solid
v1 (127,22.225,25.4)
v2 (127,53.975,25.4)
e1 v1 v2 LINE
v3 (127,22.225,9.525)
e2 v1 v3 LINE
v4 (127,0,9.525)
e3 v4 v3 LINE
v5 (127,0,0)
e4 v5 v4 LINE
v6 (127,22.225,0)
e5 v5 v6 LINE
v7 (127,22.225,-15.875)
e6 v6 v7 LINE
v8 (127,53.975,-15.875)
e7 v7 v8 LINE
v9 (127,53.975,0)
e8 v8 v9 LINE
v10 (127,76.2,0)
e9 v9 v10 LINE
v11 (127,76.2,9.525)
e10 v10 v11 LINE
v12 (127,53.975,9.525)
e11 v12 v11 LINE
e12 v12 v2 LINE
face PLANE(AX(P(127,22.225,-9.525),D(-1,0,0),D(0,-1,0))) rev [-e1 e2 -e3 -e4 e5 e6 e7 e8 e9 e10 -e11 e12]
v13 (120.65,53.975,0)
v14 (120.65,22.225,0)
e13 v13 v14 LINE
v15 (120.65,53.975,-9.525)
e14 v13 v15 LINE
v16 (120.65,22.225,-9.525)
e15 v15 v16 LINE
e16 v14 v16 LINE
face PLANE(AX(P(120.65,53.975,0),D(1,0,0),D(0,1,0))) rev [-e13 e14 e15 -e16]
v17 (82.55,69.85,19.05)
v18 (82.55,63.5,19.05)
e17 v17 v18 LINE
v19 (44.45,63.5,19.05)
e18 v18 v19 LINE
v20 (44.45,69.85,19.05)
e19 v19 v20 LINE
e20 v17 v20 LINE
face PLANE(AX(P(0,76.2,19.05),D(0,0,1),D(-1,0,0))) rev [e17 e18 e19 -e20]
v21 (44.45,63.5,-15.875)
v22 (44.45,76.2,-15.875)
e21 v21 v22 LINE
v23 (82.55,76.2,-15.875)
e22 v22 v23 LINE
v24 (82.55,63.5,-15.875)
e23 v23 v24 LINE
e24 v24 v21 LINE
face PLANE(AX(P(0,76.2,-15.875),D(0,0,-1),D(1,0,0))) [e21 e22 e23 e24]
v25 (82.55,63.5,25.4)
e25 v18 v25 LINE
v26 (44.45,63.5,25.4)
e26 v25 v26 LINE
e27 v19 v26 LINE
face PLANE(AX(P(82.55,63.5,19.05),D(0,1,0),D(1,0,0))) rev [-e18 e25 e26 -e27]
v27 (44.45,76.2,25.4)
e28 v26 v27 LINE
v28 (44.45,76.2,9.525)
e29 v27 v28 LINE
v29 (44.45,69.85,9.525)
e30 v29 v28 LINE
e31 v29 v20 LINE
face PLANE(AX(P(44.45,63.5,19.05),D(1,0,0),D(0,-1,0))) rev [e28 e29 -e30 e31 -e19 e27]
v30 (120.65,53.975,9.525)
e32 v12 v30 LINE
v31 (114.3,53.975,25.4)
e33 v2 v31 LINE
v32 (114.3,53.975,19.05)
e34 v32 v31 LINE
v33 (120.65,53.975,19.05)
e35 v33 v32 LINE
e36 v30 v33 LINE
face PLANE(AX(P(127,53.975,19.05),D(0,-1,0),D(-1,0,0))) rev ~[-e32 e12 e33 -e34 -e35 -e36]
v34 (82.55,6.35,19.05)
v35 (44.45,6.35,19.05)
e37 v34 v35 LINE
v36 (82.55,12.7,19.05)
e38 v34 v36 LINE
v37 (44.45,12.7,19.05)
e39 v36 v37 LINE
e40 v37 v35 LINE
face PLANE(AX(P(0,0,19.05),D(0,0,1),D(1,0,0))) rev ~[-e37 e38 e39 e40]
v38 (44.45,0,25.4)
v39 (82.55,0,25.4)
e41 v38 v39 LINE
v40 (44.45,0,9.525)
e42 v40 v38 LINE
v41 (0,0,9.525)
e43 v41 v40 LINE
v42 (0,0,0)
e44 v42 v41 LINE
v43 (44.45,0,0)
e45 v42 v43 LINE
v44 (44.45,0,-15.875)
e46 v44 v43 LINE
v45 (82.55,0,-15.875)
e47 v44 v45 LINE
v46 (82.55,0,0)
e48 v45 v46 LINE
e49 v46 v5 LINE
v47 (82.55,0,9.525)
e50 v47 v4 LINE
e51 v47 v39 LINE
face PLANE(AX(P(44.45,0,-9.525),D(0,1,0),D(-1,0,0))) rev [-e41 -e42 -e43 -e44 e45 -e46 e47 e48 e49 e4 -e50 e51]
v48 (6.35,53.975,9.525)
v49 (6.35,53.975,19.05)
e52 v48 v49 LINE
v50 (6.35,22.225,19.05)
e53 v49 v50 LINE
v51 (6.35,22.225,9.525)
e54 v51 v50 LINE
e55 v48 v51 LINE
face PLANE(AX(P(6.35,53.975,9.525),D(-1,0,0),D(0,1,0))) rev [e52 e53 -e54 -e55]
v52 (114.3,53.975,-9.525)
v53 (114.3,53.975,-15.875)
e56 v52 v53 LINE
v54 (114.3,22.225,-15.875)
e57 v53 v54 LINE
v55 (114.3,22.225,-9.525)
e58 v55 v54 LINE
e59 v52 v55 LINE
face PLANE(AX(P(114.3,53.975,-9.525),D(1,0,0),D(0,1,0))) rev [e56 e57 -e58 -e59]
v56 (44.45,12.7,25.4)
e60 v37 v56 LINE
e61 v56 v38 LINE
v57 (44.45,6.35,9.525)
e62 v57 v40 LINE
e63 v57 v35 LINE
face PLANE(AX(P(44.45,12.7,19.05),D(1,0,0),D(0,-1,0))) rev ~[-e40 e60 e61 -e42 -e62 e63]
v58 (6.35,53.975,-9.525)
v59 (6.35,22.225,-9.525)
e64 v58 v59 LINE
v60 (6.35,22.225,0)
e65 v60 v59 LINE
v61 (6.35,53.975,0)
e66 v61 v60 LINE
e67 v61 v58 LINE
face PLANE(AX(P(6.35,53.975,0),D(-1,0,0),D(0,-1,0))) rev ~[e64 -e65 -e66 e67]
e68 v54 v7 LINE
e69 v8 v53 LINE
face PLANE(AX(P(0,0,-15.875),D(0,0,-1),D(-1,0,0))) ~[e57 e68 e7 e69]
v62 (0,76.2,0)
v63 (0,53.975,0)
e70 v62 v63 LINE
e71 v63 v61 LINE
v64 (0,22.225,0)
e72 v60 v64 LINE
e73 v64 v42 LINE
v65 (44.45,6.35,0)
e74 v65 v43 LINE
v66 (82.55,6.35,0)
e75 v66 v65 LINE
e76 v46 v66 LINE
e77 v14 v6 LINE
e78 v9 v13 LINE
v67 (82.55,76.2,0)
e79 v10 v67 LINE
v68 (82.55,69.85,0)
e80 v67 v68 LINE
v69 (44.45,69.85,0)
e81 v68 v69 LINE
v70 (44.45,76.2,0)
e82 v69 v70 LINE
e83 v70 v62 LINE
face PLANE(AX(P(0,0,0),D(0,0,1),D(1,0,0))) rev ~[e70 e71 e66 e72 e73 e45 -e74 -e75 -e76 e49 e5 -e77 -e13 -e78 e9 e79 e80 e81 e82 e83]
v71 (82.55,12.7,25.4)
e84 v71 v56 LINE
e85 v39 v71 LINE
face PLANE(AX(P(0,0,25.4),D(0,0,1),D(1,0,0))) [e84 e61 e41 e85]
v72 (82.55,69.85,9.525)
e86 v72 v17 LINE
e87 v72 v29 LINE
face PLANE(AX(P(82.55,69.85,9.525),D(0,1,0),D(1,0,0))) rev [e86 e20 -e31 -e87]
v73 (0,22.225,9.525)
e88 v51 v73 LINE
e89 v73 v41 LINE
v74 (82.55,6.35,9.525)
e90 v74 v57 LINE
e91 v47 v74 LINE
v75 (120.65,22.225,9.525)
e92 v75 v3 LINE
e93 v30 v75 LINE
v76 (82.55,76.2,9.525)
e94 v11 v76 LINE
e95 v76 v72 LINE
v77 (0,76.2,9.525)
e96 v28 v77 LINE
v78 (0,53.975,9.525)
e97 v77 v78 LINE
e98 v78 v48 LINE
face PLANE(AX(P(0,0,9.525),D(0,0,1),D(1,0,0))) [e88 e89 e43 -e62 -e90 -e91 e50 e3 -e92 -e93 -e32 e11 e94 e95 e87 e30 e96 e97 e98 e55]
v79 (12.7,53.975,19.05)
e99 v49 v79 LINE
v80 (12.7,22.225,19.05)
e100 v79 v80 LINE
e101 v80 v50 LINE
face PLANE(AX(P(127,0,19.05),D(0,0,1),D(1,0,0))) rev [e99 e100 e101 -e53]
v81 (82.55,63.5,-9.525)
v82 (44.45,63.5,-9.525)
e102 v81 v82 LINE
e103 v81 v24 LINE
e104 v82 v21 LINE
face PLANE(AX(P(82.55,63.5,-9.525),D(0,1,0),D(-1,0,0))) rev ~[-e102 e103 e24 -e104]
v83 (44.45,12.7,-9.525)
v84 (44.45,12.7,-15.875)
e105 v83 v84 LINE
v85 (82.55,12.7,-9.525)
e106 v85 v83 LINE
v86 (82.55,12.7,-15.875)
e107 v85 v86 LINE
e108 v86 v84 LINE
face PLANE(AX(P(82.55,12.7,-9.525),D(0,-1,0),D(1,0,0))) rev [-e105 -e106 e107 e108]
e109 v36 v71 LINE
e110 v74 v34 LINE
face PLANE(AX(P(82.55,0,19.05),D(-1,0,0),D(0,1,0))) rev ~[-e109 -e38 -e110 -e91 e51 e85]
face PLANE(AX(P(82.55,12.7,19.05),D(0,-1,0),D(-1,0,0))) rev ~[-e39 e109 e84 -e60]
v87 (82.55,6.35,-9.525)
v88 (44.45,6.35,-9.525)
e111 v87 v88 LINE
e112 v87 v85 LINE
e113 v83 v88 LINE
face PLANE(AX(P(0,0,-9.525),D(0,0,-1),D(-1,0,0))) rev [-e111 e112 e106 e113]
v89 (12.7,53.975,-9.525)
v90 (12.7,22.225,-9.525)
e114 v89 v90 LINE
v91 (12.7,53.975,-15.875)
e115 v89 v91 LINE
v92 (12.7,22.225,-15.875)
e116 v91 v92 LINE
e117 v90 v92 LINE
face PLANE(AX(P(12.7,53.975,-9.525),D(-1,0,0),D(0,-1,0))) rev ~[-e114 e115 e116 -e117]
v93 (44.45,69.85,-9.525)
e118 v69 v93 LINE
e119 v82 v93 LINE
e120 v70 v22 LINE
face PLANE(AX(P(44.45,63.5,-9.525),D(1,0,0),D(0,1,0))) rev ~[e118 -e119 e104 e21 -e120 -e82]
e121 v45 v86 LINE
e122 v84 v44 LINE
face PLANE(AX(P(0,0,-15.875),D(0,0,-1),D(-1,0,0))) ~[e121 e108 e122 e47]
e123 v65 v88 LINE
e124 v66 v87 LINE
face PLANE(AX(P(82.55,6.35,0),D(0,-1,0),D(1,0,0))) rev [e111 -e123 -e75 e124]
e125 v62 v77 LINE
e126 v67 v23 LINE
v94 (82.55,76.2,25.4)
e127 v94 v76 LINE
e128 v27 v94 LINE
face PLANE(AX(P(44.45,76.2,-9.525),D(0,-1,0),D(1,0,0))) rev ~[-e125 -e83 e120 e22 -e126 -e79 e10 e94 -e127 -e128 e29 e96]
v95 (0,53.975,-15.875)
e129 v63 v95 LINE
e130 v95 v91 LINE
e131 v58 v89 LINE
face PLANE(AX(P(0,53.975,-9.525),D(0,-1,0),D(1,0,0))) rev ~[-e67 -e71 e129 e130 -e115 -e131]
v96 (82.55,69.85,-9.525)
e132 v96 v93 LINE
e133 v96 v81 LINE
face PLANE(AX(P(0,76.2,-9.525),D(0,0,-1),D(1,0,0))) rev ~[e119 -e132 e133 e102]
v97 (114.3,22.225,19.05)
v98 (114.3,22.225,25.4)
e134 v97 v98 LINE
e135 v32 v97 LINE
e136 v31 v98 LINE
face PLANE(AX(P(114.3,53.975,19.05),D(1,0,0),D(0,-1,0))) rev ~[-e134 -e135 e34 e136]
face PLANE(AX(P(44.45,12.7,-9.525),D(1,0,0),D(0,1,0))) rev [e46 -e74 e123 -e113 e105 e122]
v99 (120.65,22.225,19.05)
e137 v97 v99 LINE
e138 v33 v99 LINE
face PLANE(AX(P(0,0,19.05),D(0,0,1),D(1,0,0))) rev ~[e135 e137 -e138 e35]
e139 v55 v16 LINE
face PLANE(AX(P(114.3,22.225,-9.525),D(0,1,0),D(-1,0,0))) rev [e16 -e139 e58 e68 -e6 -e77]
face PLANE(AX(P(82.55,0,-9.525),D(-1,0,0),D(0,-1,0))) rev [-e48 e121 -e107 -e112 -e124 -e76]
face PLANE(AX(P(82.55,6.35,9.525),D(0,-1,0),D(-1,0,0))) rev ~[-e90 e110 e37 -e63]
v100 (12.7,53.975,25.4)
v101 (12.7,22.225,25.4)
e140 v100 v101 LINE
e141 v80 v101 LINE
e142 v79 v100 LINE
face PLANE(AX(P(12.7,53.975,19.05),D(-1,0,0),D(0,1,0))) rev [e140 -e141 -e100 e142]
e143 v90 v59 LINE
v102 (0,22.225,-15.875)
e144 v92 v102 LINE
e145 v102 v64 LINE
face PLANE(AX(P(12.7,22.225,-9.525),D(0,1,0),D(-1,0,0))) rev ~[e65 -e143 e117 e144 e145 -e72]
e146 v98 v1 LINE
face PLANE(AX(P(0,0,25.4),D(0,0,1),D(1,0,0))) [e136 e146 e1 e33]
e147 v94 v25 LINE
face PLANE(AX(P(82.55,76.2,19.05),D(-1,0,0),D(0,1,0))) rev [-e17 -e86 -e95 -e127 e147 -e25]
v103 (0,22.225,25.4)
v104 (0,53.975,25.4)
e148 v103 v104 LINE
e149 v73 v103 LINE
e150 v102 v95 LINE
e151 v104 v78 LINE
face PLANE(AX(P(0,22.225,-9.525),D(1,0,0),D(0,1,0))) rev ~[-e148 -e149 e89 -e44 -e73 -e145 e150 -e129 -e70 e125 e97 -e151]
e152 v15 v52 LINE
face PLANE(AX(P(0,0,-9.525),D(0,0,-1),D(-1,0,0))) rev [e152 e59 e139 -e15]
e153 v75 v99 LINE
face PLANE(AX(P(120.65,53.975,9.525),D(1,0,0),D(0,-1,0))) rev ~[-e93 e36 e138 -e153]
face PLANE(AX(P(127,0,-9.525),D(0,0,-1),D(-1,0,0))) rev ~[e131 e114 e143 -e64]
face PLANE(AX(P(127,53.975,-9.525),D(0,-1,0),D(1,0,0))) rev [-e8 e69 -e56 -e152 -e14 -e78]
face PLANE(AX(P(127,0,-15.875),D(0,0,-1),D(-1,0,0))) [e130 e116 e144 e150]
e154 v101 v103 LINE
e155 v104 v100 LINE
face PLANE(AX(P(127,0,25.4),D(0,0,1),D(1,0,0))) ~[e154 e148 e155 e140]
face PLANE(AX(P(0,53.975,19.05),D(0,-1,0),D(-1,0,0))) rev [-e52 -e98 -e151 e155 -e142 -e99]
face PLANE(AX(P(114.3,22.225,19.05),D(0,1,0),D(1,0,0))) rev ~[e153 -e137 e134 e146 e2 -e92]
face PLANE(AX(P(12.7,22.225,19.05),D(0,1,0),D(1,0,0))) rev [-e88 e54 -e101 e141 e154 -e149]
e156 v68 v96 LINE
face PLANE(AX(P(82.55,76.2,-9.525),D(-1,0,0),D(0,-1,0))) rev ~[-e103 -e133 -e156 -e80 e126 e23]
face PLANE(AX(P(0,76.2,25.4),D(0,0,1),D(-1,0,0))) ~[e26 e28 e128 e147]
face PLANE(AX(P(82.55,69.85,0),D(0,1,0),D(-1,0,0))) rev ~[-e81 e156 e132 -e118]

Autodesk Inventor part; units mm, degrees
ref_plane "YZ Plane" through (0, 0, 0) normal (1, 0, 0) x (0, 1, 0)
ref_plane "XZ Plane" through (0, 0, 0) normal (0, 1, 0) x (-1, 0, 0)
ref_plane "XY Plane" through (0, 0, 0) normal (0, 0, 1) x (1, 0, 0)
sketch "Sketch1" plane through (0, 0, 0) normal (0, 0, 1) x (1, 0, 0)
  line L0 (0, 0) -> (127, 0)
  line L1 (127, 0) -> (127, 76.2)
  line L2 (127, 76.2) -> (0, 76.2)
  line L3 (0, 76.2) -> (0, 0)
  dimension "d0" = 127
  dimension "d1" = 76.2
extrude "Extrusion1" add sketch "Sketch1" along normal blind 9.525
sketch "Sketch2" plane through (0, 0, 9.525) normal (0, 0, 1) x (1, 0, 0)
  line L0 (127, 0) -> (0, 0) projected
  line L1 (0, 76.2) -> (127, 76.2) projected
  line L2 (44.45, 0) -> (82.55, 0)
  line L3 (82.55, 0) -> (82.55, 6.35)
  line L4 (82.55, 6.35) -> (44.45, 6.35)
  line L5 (44.45, 6.35) -> (44.45, 0)
  line L6 (63.5, 76.2) -> (63.5, 0) construction
  dimension "d4" = 38.1
  dimension "d5" = 6.35
extrude "Extrusion2" add sketch "Sketch2" along normal blind 9.525
ref_plane "Work Plane1" through (0, 38.1, 0) normal (0, 1, 0) x (1, 0, 0)
ref_plane "Work Plane2" through (63.5, 0, 0) normal (1, 0, 0) x (0, 0, -1)
sketch "Sketch3" plane through (0, 0, 9.525) normal (0, 0, 1) x (1, 0, 0)
  line L0 (0, 0) -> (0, 76.2) projected
  line L1 (127, 76.2) -> (127, 0) projected
  line L2 (127, 53.975) -> (120.65, 53.975)
  line L3 (120.65, 53.975) -> (120.65, 22.225)
  line L4 (120.65, 22.225) -> (127, 22.225)
  line L5 (127, 22.225) -> (127, 53.975)
  line L6 (0, 38.1) -> (127, 38.1) construction
  point P0 (63.5, 38.1)
  dimension "d8" = 31.75
  dimension "d9" = 6.35
extrude "Extrusion3" add sketch "Sketch3" along normal blind 9.525
sketch "Sketch4" plane through (0, 0, 19.05) normal (0, 0, 1) x (1, 0, 0)
  line L0 (44.45, 0) -> (82.55, 0)
  line L1 (82.55, 0) -> (82.55, 12.7)
  line L2 (82.55, 12.7) -> (44.45, 12.7)
  line L3 (44.45, 12.7) -> (44.45, 0)
  point P0 (44.45, 6.35)
  point P1 (82.55, 6.35)
  point P2 (0, 0)
  dimension "d12" = 38.1
  dimension "d13" = 38.1
  dimension "d14" = 12.7
extrude "Extrusion4" add sketch "Sketch4" along normal blind 6.35
sketch "Sketch5" plane through (0, 0, 19.05) normal (0, 0, 1) x (1, 0, 0)
  line L0 (127, 53.975) -> (114.3, 53.975)
  line L1 (114.3, 53.975) -> (114.3, 22.225)
  line L2 (114.3, 22.225) -> (127, 22.225)
  line L3 (127, 22.225) -> (127, 53.975)
  point P0 (0, 0)
  dimension "d17" = 31.75
  dimension "d18" = 31.75
  dimension "d19" = 12.7
extrude "Extrusion5" add sketch "Sketch5" along normal blind 6.35
mirror "Mirror3" about plane through (0, 38.1, 0) normal (0, 1, 0) of "Extrusion2", "Extrusion4"
mirror "Mirror4" about plane through (63.5, 0, 0) normal (1, 0, 0) of "Extrusion3", "Extrusion5"
ref_plane "Work Plane3" through (0, 0, 4.7625) normal (0, 0, 1) x (1, 0, 0)
mirror "Mirror5" about plane through (0, 0, 4.7625) normal (0, 0, 1) of "Extrusion2", "Extrusion4", "Mirror3", "Extrusion3", "Extrusion5", "Mirror4"
equation "\"d12\" = d13"
equation "\"d18\" = d17"
properties part number "Rover Electronics Raft"
